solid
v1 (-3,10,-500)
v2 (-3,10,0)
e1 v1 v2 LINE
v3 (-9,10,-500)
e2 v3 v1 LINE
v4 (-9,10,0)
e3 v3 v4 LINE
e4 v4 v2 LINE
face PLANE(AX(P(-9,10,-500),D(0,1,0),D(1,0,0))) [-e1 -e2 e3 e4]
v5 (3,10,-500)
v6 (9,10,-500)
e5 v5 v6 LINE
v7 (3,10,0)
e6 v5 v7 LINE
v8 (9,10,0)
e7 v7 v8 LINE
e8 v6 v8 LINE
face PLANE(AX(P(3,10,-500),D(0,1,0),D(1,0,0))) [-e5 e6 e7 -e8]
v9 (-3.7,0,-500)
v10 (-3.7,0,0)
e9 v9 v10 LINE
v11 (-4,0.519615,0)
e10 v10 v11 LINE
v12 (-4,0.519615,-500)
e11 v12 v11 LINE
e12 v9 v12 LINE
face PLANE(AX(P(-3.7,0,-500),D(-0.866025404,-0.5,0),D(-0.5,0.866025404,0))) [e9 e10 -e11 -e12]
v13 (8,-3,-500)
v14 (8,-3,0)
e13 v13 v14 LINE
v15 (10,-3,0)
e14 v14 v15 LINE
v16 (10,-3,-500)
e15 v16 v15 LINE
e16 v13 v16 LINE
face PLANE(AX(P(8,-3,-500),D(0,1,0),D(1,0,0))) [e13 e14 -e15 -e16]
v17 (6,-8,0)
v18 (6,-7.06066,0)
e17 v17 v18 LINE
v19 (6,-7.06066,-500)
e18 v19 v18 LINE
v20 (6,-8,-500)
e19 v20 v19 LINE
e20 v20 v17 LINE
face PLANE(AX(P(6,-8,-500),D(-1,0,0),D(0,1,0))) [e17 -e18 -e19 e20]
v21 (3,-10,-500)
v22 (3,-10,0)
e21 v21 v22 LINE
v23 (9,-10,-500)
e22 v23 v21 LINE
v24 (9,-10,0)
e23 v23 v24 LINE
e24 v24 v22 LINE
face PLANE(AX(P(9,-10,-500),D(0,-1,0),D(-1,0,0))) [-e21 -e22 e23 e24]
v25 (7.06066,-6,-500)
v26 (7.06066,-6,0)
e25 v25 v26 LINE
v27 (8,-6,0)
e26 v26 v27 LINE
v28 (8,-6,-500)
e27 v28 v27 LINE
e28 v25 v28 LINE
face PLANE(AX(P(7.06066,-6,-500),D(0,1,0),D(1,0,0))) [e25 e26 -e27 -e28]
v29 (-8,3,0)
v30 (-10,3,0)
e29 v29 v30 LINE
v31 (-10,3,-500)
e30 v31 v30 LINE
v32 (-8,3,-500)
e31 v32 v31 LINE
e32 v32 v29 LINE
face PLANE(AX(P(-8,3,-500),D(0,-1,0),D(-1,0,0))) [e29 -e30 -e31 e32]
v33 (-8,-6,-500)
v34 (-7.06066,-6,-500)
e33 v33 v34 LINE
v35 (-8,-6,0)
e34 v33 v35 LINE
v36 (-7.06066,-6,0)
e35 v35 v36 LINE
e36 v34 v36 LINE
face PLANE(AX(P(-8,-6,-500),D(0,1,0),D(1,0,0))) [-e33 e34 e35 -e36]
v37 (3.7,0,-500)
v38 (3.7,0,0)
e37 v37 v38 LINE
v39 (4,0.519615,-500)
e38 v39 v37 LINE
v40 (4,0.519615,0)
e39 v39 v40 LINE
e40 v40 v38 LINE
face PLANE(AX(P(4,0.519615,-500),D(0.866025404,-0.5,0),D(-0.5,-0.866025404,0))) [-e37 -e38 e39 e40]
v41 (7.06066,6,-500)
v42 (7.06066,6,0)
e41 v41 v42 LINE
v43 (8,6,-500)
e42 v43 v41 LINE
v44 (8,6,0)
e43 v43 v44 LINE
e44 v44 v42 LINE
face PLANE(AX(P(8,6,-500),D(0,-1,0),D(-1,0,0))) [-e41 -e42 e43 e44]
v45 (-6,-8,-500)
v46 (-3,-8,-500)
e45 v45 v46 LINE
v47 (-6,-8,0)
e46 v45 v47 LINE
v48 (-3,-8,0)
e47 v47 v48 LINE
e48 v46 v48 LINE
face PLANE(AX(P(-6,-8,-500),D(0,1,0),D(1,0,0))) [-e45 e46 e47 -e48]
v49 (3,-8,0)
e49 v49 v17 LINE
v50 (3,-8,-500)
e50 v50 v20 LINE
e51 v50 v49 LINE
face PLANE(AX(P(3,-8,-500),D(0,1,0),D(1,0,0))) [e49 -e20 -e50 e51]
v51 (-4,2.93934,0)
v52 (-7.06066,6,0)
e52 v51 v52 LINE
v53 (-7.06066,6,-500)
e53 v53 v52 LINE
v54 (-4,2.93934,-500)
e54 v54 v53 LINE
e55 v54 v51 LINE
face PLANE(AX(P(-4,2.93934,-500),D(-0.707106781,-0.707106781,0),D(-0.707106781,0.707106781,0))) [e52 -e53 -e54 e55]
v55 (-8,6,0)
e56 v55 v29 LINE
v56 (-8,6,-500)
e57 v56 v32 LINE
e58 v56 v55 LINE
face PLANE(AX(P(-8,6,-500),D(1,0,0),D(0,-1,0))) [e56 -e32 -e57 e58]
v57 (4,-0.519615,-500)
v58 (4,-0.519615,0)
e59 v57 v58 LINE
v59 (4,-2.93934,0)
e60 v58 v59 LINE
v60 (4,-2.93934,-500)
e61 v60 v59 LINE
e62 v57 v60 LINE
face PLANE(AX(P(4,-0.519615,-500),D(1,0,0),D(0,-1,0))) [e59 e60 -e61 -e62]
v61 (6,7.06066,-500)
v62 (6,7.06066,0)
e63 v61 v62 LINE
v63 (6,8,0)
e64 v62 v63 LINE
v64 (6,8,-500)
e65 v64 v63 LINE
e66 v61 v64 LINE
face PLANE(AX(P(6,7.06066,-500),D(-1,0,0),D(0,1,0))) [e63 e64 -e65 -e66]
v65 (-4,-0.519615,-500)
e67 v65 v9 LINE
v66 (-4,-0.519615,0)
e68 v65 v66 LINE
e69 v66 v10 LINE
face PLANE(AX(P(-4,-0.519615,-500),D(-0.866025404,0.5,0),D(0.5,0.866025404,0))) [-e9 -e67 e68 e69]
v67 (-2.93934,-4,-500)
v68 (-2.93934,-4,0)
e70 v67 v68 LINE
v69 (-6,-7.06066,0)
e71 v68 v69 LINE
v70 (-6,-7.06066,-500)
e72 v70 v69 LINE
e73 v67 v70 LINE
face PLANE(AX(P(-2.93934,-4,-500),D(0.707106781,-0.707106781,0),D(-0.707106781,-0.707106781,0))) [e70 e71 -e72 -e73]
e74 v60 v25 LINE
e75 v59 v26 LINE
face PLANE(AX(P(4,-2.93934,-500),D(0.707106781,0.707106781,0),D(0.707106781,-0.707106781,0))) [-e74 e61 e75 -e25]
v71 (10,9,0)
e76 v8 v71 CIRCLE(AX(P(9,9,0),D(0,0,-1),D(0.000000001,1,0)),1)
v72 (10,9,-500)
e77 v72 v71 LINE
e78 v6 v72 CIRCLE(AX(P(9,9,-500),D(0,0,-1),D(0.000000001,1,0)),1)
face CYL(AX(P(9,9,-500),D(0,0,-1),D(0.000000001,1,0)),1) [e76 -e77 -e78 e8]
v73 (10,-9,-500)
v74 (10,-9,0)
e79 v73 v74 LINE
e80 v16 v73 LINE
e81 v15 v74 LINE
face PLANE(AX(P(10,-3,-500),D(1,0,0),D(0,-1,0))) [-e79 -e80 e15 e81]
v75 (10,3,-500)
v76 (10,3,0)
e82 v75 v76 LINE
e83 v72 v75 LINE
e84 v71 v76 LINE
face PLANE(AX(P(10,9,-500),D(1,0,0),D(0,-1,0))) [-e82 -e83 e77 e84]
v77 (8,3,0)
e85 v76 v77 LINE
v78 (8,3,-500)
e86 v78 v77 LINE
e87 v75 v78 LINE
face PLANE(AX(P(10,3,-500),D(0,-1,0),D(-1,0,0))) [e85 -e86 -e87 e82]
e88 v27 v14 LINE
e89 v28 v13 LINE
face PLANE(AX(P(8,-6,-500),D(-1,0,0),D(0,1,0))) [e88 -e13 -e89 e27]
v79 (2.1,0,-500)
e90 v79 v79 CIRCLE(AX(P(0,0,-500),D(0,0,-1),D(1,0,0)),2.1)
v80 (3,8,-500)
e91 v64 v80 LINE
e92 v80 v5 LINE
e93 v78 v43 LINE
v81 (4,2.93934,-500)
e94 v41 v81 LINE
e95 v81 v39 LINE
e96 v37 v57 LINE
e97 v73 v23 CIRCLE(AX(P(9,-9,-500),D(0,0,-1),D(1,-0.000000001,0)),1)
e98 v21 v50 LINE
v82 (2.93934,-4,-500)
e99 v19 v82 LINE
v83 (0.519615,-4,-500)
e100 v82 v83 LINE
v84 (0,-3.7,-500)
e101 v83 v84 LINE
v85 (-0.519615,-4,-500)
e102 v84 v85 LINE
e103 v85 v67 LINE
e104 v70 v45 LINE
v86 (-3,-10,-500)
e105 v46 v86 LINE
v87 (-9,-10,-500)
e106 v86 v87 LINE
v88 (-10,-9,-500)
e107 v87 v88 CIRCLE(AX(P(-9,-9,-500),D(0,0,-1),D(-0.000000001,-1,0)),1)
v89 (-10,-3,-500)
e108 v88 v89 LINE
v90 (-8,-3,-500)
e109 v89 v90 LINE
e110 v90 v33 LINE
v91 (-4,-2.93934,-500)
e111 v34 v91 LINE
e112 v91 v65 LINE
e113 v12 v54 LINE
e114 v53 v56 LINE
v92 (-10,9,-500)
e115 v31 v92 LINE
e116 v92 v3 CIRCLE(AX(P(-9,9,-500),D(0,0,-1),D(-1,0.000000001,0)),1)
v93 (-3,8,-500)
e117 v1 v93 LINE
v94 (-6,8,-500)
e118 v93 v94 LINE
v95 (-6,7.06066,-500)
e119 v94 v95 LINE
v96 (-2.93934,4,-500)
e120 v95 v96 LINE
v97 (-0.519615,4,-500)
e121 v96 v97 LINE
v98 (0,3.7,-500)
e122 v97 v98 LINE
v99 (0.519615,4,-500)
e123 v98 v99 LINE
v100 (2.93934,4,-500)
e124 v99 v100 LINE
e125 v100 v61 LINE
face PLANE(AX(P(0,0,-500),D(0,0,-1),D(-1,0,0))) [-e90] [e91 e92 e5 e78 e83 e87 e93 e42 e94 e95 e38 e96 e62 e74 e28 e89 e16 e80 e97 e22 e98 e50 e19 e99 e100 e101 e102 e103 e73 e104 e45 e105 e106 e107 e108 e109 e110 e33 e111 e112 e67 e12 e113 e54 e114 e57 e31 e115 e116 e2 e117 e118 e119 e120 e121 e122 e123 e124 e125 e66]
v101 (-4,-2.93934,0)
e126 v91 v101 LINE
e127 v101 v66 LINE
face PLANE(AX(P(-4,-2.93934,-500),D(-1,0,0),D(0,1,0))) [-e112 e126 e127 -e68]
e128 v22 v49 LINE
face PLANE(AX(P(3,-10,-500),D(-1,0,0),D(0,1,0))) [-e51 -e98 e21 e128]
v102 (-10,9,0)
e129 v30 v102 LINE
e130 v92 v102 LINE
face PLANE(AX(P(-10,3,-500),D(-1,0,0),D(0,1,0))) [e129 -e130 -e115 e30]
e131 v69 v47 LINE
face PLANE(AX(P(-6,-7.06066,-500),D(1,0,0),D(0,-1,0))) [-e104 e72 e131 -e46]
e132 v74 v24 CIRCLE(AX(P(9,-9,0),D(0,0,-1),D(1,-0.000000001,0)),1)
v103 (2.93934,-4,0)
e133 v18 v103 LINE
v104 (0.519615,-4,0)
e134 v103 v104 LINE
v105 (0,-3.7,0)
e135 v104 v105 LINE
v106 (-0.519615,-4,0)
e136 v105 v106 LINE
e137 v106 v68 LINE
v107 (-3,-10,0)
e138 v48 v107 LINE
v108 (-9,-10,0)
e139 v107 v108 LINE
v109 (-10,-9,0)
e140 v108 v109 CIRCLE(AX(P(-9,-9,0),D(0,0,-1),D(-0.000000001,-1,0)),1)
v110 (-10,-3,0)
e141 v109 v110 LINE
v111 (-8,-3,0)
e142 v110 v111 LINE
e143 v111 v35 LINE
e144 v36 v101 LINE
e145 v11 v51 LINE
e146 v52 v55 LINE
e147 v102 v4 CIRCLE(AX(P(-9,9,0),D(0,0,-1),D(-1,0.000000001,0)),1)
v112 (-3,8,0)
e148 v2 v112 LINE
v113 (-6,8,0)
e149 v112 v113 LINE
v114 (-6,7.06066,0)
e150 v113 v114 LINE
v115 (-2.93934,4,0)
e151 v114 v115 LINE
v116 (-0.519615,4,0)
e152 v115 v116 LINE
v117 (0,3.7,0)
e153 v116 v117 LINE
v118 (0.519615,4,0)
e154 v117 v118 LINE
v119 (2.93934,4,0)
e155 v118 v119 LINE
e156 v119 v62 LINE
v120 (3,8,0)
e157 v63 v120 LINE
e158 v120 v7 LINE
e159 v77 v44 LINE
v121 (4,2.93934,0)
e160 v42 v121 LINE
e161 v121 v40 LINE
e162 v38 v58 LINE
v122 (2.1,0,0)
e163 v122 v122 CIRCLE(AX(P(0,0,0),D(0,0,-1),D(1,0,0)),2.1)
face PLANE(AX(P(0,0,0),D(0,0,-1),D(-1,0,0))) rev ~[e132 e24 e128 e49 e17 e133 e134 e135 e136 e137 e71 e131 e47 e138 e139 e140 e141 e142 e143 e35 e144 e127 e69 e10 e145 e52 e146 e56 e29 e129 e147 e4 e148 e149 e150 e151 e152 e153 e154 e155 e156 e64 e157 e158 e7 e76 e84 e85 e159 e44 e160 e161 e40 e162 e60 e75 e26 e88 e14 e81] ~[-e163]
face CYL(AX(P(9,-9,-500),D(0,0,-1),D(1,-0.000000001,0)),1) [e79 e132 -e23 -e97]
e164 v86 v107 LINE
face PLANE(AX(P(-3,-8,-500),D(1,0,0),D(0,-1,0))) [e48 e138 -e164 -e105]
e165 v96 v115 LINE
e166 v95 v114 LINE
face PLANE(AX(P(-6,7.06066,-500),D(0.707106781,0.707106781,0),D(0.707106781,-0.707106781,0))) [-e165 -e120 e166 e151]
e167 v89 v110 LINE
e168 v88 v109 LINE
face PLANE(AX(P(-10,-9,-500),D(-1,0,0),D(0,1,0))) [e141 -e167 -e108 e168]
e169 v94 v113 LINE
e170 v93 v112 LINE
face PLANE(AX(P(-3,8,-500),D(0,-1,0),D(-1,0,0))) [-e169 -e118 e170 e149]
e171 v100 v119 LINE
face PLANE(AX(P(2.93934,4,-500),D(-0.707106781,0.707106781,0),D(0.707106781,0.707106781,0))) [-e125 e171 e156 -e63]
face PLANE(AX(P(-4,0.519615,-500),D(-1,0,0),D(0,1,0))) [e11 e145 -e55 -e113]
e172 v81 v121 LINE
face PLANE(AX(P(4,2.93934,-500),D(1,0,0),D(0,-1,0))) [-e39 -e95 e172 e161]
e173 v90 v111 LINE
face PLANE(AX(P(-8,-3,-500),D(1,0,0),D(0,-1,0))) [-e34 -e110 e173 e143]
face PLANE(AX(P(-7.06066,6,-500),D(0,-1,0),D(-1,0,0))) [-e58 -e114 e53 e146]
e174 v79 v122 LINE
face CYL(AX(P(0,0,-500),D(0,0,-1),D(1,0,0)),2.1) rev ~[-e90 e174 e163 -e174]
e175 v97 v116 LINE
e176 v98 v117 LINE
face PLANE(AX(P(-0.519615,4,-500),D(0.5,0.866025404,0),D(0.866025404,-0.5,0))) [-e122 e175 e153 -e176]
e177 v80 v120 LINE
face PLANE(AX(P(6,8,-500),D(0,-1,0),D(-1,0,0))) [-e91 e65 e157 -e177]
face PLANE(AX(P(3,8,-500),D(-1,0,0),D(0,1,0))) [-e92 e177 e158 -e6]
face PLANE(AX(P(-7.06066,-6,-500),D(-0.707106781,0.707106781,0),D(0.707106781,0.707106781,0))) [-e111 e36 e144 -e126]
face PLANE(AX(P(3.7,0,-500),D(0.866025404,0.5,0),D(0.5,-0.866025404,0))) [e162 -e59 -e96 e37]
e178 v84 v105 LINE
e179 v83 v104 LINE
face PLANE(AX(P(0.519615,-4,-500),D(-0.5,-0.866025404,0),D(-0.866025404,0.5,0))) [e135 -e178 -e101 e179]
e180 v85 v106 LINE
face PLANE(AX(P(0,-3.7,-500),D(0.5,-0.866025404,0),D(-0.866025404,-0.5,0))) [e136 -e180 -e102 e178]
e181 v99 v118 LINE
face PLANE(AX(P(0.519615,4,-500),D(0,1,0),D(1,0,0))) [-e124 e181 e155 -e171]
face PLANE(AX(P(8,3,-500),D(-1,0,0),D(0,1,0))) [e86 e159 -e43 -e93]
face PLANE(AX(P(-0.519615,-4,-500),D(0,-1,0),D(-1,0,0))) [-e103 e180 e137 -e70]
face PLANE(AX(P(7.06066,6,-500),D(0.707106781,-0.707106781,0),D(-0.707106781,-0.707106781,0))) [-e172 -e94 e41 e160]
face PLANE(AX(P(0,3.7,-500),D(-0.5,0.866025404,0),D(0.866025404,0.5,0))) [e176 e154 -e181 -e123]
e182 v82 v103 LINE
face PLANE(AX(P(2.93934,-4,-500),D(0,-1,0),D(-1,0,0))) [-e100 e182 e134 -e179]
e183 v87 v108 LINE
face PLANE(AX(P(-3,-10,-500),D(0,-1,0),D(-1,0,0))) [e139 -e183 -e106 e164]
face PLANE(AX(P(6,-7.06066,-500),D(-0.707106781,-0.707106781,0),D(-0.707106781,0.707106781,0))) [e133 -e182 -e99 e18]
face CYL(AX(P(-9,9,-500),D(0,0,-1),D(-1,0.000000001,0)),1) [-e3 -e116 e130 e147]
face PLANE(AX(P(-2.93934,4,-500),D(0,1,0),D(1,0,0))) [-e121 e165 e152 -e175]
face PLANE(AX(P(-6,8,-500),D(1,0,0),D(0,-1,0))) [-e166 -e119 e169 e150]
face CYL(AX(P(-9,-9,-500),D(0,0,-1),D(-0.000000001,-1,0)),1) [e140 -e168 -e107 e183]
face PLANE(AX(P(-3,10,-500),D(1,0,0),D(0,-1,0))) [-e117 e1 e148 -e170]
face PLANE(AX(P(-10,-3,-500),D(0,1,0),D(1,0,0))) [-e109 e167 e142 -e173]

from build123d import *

# Parameters (mm, degrees)
SKETCH1_R           = 2.1
BOSS_EXTRUDE1_DEPTH = 500


with BuildPart() as part:
    # Sketch1 → Boss-Extrude1 (new body)
    with BuildSketch(Plane(origin=(0, 0, -500), x_dir=(-1, 0, 0), z_dir=(0, 0, -1))):
        with BuildLine():
            Line((9, 10), (3, 10))
            Line((3, 10), (3, 8))
            Line((3, 8), (6, 8))
            Line((6, 8), (6, 7.060660172))
            Line((6, 7.060660172), (2.939339828, 4))
            Line((2.939339828, 4), (0.519615242, 4))
            Line((0.519615242, 4), (0, 3.7))
            Line((0, 3.7), (-0.519615242, 4))
            Line((-0.519615242, 4), (-2.939339828, 4))
            Line((-2.939339828, 4), (-6, 7.060660172))
            Line((-6, 7.060660172), (-6, 8))
            Line((-6, 8), (-3, 8))
            Line((-3, 8), (-3, 10))
            Line((-3, 10), (-9, 10))
            ThreePointArc((-9, 10), (-9.707106781, 9.707106781), (-10, 9))
            Line((-10, 9), (-10, 3))
            Line((-10, 3), (-8, 3))
            Line((-8, 3), (-8, 6))
            Line((-8, 6), (-7.060660172, 6))
            Line((-7.060660172, 6), (-4, 2.939339828))
            Line((-4, 2.939339828), (-4, 0.519615242))
            Line((-4, 0.519615242), (-3.7, 0))
            Line((-3.7, 0), (-4, -0.519615242))
            Line((-4, -0.519615242), (-4, -2.939339828))
            Line((-4, -2.939339828), (-7.060660172, -6))
            Line((-7.060660172, -6), (-8, -6))
            Line((-8, -6), (-8, -3))
            Line((-8, -3), (-10, -3))
            Line((-10, -3), (-10, -9))
            ThreePointArc((-10, -9), (-9.707106781, -9.707106781), (-9, -10))
            Line((-9, -10), (-3, -10))
            Line((-3, -10), (-3, -8))
            Line((-3, -8), (-6, -8))
            Line((-6, -8), (-6, -7.060660172))
            Line((-6, -7.060660172), (-2.939339828, -4))
            Line((-2.939339828, -4), (-0.519615242, -4))
            Line((-0.519615242, -4), (0, -3.7))
            Line((0, -3.7), (0.519615242, -4))
            Line((0.519615242, -4), (2.939339828, -4))
            Line((2.939339828, -4), (6, -7.060660172))
            Line((6, -7.060660172), (6, -8))
            Line((6, -8), (3, -8))
            Line((3, -8), (3, -10))
            Line((3, -10), (9, -10))
            ThreePointArc((9, -10), (9.707106781, -9.707106781), (10, -9))
            Line((10, -9), (10, -3))
            Line((10, -3), (8, -3))
            Line((8, -3), (8, -6))
            Line((8, -6), (7.060660172, -6))
            Line((7.060660172, -6), (4, -2.939339828))
            Line((4, -2.939339828), (4, -0.519615242))
            Line((4, -0.519615242), (3.7, 0))
            Line((3.7, 0), (4, 0.519615242))
            Line((4, 0.519615242), (4, 2.939339828))
            Line((4, 2.939339828), (7.060660172, 6))
            Line((7.060660172, 6), (8, 6))
            Line((8, 6), (8, 3))
            Line((8, 3), (10, 3))
            Line((10, 3), (10, 9))
            ThreePointArc((10, 9), (9.707106781, 9.707106781), (9, 10))
        make_face()
        with Locations(Location((0, 0, 0), (0, 0, 180))):
            Circle(SKETCH1_R, mode=Mode.SUBTRACT)
    extrude(amount=-BOSS_EXTRUDE1_DEPTH)


solid = part.part
